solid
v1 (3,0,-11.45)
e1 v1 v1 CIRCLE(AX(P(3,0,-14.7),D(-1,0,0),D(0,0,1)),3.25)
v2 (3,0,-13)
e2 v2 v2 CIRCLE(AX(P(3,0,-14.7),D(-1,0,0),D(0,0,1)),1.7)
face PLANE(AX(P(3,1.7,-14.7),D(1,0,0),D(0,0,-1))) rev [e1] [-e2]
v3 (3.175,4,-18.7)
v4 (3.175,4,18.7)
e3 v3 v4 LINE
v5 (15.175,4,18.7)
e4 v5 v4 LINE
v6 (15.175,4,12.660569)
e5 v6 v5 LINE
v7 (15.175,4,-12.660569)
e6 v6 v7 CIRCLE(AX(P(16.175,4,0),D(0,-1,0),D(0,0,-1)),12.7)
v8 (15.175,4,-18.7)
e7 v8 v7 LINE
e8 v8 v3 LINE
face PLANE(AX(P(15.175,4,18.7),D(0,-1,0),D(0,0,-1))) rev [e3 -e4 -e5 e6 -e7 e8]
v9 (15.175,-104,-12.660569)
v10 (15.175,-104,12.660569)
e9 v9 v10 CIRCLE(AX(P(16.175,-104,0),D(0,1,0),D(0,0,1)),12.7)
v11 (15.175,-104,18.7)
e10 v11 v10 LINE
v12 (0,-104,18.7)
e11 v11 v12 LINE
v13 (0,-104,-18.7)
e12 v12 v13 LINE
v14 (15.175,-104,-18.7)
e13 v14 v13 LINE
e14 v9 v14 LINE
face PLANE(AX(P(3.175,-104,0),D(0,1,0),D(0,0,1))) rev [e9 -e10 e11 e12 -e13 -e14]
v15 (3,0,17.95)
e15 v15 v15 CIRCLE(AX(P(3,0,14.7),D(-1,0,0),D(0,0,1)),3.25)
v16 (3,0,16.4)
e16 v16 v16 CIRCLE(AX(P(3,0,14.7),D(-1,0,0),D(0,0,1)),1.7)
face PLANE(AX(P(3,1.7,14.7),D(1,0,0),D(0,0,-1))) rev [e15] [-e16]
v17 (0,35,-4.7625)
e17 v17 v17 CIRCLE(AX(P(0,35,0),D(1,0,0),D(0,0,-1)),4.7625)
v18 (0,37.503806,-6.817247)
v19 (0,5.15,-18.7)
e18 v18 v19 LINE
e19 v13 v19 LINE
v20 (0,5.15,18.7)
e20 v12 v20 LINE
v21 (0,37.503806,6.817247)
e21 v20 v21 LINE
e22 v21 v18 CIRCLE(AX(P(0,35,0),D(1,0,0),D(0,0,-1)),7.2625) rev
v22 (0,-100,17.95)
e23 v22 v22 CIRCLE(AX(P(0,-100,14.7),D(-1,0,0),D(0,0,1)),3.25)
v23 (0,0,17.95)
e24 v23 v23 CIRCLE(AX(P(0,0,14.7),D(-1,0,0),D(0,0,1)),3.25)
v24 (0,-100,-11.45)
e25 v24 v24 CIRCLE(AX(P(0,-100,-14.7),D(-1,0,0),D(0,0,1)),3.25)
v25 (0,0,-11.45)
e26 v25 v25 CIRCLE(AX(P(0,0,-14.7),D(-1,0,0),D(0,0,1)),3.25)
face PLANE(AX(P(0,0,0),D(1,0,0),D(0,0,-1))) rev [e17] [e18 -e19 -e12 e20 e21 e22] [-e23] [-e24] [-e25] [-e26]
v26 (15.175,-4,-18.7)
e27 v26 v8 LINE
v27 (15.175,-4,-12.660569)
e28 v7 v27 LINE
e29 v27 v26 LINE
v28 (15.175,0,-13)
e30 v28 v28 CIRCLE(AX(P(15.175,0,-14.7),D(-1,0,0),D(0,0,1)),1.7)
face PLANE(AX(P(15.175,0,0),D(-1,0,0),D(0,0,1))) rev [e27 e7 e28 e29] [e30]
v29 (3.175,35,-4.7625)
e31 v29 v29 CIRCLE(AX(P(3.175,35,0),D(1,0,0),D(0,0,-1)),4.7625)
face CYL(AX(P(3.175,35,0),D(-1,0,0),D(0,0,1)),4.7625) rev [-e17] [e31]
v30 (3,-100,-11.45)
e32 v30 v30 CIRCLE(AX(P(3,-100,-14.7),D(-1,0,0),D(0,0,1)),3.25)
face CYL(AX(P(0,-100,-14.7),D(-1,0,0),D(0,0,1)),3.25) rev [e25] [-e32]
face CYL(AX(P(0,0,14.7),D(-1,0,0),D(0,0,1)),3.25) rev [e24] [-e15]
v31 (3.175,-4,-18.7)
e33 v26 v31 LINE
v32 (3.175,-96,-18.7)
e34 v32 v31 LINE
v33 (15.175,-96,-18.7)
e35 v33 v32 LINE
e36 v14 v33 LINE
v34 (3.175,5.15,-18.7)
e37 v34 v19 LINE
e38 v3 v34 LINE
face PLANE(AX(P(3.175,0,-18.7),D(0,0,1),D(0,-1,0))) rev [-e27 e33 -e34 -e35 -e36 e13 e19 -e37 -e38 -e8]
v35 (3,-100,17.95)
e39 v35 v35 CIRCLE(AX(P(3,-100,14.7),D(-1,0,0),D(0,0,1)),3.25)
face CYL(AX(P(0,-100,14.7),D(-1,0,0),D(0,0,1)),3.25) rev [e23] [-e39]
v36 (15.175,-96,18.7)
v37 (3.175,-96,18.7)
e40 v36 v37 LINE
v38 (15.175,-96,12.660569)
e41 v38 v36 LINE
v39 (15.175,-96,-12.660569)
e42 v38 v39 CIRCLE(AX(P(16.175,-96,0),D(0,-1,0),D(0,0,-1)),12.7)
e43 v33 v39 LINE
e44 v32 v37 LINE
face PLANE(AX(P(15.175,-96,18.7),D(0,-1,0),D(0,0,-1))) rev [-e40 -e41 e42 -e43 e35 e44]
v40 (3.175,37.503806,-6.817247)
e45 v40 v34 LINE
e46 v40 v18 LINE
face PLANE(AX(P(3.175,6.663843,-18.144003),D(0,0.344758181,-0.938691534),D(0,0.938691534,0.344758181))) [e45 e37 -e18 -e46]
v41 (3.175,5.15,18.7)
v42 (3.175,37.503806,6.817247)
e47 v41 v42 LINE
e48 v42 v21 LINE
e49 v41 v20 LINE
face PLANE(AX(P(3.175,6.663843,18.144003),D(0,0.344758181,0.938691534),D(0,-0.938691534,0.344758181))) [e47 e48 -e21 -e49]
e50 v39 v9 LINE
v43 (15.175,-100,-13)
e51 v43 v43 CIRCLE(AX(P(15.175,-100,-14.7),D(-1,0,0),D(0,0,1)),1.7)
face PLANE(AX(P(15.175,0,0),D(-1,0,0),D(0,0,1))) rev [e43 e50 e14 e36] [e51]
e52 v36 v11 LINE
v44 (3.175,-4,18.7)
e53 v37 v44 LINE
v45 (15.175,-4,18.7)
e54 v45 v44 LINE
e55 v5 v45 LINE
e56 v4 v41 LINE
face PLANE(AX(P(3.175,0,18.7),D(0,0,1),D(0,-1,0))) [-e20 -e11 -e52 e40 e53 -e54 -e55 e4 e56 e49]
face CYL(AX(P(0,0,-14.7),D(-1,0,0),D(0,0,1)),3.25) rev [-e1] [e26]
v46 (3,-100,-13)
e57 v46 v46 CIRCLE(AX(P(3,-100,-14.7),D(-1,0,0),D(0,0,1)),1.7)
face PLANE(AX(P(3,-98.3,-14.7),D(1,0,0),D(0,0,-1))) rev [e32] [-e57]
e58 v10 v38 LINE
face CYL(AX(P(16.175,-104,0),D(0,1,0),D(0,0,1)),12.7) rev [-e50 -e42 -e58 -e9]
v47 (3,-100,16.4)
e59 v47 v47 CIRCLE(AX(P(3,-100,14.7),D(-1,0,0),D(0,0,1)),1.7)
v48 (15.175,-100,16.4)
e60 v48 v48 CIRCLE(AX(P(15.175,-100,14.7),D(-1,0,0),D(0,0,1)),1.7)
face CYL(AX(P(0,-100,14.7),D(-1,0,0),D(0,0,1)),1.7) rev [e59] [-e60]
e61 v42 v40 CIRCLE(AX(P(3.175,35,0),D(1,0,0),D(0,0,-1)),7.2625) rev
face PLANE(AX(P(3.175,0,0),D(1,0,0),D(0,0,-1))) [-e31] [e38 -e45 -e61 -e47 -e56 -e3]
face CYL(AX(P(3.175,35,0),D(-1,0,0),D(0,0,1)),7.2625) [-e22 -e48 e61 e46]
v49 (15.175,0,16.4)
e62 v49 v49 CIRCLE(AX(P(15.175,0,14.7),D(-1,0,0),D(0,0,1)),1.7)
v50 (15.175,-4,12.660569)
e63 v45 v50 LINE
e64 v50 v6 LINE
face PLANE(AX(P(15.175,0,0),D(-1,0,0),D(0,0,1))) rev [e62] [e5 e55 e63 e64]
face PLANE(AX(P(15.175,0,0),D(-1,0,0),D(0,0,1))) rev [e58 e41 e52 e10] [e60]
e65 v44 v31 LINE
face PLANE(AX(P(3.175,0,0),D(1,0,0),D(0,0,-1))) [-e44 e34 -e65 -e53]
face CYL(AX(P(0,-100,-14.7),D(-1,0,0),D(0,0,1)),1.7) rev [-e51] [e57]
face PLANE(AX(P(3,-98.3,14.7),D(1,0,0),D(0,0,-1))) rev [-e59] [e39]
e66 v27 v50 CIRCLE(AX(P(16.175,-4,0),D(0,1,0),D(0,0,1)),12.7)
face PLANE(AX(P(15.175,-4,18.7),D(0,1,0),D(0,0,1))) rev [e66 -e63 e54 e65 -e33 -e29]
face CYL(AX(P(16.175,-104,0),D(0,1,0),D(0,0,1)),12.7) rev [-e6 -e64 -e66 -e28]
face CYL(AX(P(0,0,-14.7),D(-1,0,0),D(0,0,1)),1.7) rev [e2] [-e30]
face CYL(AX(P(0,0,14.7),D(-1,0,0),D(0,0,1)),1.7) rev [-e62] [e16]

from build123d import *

# Parameters (mm, degrees)
SKETCH1_R                      = 4.7625
BOSS_EXTRUDE1_DEPTH            = 3.175
SKETCH2_W                      = 37.4
SKETCH2_H                      = 8
BOSS_EXTRUDE2_DEPTH            = 12
CUT_EXTRUDE1_DEPTH             = 107.751911575
CUT_EXTRUDE1_DEPTH_BACK        = 107.751911575
SKETCH3_R                      = 12.7
CBORE_FOR_M3_SHCS1_D           = 3.4
CBORE_FOR_M3_SHCS1_CBORE_D     = 6.5
CBORE_FOR_M3_SHCS1_CBORE_DEPTH = 3


with BuildPart() as part:
    # Sketch1 → Boss-Extrude1 (new body)
    with BuildSketch(Plane(origin=(0, 0, 0), x_dir=(0, 0, -1), z_dir=(1, 0, 0))):
        with BuildLine():
            Line((-18.7, -104), (18.7, -104))
            Line((18.7, -104), (18.7, 5.15))
            Line((18.7, 5.15), (6.817247269, 37.503806287))
            ThreePointArc((6.817247269, 37.503806287), (0, 42.2625), (-6.817247269, 37.503806287))
            Line((-6.817247269, 37.503806287), (-18.7, 5.15))
            Line((-18.7, 5.15), (-18.7, -104))
        make_face()
        with Locations((0, 35)):
            Circle(SKETCH1_R, mode=Mode.SUBTRACT)
    extrude(amount=BOSS_EXTRUDE1_DEPTH)

    # Sketch2 → Boss-Extrude2 (add)
    with BuildSketch(Plane(origin=(3.175, 0, 0), x_dir=(0, 0, -1), z_dir=(1, 0, 0))):
        Rectangle(SKETCH2_W, SKETCH2_H)
        with Locations((0, -100)):
            Rectangle(SKETCH2_W, SKETCH2_H)
    extrude(amount=BOSS_EXTRUDE2_DEPTH)

    # Sketch3 → Cut-Extrude1 (cut, two sides: drawn at the far end of the back side and taken through both)
    with BuildSketch(Plane(origin=(0, 0, 0), x_dir=(1, 0, 0), z_dir=(0, 1, 0)).offset(-CUT_EXTRUDE1_DEPTH_BACK)):
        with Locations((16.175, 0)):
            Circle(SKETCH3_R)
    extrude(amount=CUT_EXTRUDE1_DEPTH + CUT_EXTRUDE1_DEPTH_BACK, mode=Mode.SUBTRACT)

    # CBORE for M3 SHCS1 (through all)
    with Locations(Plane.ZY):
        with Locations((-14.7, 0), (14.7, 0), (14.7, -100), (-14.7, -100)):
            CounterBoreHole(CBORE_FOR_M3_SHCS1_D / 2, CBORE_FOR_M3_SHCS1_CBORE_D / 2, CBORE_FOR_M3_SHCS1_CBORE_DEPTH)


solid = part.part
